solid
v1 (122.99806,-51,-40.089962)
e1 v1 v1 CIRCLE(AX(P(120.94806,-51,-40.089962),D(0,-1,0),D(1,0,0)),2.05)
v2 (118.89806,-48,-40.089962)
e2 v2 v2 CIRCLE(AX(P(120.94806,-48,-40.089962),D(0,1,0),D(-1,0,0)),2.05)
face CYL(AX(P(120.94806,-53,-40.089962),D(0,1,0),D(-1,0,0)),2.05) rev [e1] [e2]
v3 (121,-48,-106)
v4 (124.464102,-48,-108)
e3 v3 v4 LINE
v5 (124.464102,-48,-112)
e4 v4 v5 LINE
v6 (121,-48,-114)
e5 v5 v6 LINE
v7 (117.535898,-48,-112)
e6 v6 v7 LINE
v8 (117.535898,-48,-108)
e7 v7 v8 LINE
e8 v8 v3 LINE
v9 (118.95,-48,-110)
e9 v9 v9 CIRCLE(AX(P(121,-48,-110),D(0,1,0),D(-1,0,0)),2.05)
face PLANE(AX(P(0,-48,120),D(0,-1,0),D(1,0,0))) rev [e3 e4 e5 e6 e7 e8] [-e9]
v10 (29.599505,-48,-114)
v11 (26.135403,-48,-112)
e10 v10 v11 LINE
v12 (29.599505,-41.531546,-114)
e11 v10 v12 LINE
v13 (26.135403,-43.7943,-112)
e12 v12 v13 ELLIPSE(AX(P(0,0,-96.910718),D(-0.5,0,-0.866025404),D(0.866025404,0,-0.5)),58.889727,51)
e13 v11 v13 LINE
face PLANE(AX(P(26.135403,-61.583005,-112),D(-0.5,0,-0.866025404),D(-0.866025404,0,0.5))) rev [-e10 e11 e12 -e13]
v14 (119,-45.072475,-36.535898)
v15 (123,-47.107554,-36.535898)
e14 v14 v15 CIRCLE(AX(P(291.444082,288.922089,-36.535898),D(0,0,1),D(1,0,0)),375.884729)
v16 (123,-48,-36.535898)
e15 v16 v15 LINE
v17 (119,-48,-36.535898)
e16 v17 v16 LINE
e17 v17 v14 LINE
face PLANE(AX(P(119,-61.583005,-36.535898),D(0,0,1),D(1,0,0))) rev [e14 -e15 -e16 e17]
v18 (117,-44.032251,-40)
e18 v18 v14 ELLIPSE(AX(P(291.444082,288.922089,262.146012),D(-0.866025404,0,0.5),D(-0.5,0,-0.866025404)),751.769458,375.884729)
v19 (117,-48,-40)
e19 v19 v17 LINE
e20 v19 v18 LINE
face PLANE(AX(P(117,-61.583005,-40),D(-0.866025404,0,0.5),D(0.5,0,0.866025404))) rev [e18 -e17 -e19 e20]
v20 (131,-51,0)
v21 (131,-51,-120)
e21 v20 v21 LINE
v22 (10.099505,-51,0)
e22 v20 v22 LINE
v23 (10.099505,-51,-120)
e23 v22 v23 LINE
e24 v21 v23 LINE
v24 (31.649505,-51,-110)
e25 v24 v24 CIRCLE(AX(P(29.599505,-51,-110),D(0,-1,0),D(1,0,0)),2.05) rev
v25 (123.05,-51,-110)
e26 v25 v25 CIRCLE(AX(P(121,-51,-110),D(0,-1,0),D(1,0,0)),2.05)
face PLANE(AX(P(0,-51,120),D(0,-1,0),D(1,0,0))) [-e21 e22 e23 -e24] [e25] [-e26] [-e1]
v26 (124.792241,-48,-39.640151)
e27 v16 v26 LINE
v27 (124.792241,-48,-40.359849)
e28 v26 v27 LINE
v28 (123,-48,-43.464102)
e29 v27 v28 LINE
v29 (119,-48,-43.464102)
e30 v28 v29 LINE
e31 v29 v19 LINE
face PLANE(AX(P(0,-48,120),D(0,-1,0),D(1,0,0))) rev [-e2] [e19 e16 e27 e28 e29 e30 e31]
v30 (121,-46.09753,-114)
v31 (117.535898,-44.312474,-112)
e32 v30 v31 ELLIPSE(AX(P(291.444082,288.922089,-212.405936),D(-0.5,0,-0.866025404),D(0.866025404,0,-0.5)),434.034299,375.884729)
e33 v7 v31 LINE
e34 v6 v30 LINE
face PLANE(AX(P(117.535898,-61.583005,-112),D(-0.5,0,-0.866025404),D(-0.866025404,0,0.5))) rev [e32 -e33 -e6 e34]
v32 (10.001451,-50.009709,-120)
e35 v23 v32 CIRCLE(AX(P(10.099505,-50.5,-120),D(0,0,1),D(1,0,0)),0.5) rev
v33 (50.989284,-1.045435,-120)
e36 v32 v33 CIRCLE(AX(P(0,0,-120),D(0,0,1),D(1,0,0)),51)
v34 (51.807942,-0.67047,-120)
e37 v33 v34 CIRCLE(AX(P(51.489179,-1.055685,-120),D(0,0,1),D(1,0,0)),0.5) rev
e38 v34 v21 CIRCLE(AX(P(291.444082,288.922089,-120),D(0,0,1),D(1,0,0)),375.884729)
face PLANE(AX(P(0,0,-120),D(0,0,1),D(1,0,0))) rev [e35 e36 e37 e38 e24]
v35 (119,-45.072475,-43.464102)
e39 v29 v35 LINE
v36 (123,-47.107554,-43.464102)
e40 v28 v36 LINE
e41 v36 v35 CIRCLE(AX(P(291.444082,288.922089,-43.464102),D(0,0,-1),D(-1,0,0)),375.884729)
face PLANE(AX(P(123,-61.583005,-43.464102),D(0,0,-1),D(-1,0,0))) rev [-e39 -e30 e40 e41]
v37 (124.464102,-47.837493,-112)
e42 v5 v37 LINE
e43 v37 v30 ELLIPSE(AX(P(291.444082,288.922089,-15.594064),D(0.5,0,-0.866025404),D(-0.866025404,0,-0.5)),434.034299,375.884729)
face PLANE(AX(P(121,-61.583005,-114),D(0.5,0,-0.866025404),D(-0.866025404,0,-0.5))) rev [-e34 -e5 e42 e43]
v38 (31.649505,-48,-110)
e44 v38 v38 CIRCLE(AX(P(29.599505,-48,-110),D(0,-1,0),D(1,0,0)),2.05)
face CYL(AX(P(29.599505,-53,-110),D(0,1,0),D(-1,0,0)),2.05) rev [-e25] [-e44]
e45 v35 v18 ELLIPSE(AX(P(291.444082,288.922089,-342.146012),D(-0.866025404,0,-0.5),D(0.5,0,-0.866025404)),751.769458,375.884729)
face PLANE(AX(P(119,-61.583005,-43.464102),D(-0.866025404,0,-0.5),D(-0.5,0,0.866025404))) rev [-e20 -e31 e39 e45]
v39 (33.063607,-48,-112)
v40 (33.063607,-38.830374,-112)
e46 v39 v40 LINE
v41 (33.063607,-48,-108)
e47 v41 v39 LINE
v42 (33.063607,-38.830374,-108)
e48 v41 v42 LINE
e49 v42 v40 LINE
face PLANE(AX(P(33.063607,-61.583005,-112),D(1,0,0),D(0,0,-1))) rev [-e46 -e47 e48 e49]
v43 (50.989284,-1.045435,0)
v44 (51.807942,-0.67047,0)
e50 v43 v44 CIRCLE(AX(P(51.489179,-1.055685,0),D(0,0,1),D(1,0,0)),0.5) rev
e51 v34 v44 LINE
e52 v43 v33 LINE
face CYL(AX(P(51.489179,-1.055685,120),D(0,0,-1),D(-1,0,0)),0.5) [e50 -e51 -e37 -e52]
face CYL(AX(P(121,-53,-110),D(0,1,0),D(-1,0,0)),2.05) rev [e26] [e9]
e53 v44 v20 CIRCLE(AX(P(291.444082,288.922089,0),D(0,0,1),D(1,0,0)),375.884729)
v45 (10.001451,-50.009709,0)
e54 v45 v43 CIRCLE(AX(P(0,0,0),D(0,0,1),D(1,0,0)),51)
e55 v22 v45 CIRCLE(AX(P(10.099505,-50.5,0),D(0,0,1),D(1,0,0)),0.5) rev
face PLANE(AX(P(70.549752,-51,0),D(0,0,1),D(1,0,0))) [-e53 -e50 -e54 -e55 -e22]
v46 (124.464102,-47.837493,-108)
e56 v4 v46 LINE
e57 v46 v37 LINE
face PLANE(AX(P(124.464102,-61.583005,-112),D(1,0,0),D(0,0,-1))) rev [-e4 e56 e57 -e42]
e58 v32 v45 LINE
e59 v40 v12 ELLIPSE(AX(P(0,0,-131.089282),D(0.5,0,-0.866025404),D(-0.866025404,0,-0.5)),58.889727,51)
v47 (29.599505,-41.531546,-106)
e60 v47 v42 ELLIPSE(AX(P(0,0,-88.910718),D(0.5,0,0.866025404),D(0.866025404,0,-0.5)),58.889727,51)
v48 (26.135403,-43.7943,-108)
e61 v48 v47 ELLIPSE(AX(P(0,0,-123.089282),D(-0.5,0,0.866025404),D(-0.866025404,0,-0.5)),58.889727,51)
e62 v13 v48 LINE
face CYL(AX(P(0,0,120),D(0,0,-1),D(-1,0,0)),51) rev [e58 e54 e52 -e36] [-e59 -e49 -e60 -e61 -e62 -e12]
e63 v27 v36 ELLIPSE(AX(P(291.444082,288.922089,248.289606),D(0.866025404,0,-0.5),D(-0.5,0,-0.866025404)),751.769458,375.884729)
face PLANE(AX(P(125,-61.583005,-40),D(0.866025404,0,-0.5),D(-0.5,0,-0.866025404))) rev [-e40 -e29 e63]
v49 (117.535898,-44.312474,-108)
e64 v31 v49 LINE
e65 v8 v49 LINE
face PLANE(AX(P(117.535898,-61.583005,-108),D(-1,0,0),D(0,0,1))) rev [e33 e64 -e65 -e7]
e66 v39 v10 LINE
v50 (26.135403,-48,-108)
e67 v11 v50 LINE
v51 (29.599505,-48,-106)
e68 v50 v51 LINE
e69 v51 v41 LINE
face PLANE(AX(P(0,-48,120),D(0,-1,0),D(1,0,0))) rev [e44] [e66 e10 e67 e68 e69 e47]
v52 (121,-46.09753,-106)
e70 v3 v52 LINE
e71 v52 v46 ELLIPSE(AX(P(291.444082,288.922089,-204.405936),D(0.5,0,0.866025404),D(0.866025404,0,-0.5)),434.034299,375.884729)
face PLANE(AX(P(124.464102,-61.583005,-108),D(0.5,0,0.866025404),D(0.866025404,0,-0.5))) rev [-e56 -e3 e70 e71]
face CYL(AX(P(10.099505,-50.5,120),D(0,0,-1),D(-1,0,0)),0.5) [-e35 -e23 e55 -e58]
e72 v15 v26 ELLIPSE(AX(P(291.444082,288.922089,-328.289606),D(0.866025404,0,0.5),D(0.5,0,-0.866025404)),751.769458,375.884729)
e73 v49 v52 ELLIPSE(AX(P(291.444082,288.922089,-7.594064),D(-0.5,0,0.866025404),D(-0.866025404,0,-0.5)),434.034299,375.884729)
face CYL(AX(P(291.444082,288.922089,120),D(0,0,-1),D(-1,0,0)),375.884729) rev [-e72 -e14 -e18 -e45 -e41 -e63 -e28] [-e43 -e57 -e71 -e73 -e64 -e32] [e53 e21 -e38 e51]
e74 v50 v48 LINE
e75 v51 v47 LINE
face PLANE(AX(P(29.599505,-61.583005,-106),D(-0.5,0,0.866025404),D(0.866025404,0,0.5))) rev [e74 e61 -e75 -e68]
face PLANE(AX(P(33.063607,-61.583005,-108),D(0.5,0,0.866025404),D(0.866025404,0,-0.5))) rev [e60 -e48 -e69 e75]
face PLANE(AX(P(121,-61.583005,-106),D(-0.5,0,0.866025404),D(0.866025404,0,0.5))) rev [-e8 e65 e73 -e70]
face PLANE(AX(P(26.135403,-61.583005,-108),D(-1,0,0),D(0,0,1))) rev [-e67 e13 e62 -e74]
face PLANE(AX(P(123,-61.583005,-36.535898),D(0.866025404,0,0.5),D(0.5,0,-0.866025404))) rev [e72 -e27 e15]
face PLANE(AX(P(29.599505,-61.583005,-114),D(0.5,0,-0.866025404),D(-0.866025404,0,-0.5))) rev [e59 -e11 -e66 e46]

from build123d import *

# Parameters (mm, degrees)
EXTRUDE_1_DEPTH     = 120
FILLET_1_R          = 0.5
CUT_EXTRUDE_1_DEPTH = 48
SKETCH_5_R          = 2.0500000000000123
SKETCH_5_R_2        = 2.0500000000000056
SKETCH_5_R_3        = 2.0499999999999923
CUT_EXTRUDE_2_DEPTH = 5
SKETCH_6_R          = 70.99685128536404
CUT_EXTRUDE_3_DEPTH = 185.82965146426048


with BuildPart() as part:
    # 草图3 → 凸台-拉伸1 (new, symmetric)
    with BuildSketch(Plane.XY):
        with BuildLine():
            Line((131, -50.99999999999999), (6.25e-15, -51))
            ThreePointArc((6.25e-15, -51), (36.062445840513924, -36.062445840513924), (51, 0))
            ThreePointArc((51, 0), (89.3844868048509, -28.034138345331712), (131, -50.99999999999999))
        make_face()
    extrude(amount=EXTRUDE_1_DEPTH, both=True)

    # 圆角1
    fillet_1_edges = [part.edges().sort_by_distance(p)[0] for p in [
        (50.99999999999999, -2.664e-14, 0),
        (6.25e-15, -51, 0),
    ]]
    fillet(fillet_1_edges, radius=FILLET_1_R)

    # 草图4 → 切除-拉伸1 (cut)
    with BuildSketch(Plane(origin=(0, 0, 0), x_dir=(1, 0, 0), z_dir=(0, 1, 0))):
        Polygon((124.4641016151378, -112), (124.4641016151378, -108), (121.00000000000006, -106.00000000000001), (117.5358983848623, -108), (117.5358983848623, -112), (121.00000000000004, -113.99999999999999), align=None)
        Polygon((29.599504938362088, -106.00000000000001), (26.135403323224345, -108.00000000000001), (26.135403323224345, -112), (29.599504938362088, -113.99999999999999), (33.06360655349983, -112), (33.06360655349983, -108.00000000000001), align=None)
        Polygon((33.06360655349983, 108.00000000000001), (29.599504938362088, 106.00000000000001), (26.135403323224345, 108.00000000000001), (26.135403323224345, 112), (29.599504938362088, 113.99999999999999), (33.06360655349983, 112), align=None)
        Polygon((121.00000000000004, 113.99999999999999), (124.4641016151378, 112), (124.4641016151378, 108), (121.00000000000006, 106.00000000000001), (117.5358983848623, 108), (117.5358983848623, 112), align=None)
        Polygon((123.00000000000004, -36.53589838486225), (119.00000000000006, -36.53589838486225), (117.00000000000004, -39.99999999999999), (119.00000000000004, -43.46410161513774), (123.00000000000003, -43.46410161513774), (125.00000000000006, -39.99999999999999), align=None)
        Polygon((125.00000000000003, 40.00000000000008), (123.00000000000001, 43.464101615137785), (119.00000000000001, 43.464101615137785), (116.99999999999999, 40), (118.99999999999997, 36.535898384862286), (123.00000000000006, 36.535898384862286), align=None)
    extrude(amount=-CUT_EXTRUDE_1_DEPTH, mode=Mode.SUBTRACT)

    # 草图5 → 切除-拉伸2 (cut)
    with BuildSketch(Plane(origin=(2.54e-15, -47.99999999999999, 0), x_dir=(1, 5e-17, 0), z_dir=(-5e-17, 1, 0))):
        with Locations(Location((29.599504938362074, -110.00000000000001, 0), (0, 0, 180))):
            Circle(SKETCH_5_R)
        with Locations((29.599504938362074, 110.00000000000001)):
            Circle(SKETCH_5_R)
        with Locations(Location((121, 110.00000000000001, 0), (0, 0, 180))):
            Circle(SKETCH_5_R_2)
        with Locations((121.00000000000006, -110)):
            Circle(SKETCH_5_R_2)
        with Locations(Location((120.94806034143625, 40.089962127560234, 0), (0, 0, 180))):
            Circle(SKETCH_5_R_3)
        with Locations(Location((121.00000000000006, -40, 0), (0, 0, 180))):
            Circle(SKETCH_5_R_3)
    extrude(amount=-CUT_EXTRUDE_2_DEPTH, mode=Mode.SUBTRACT)

    # 草图6 → 切除-拉伸3 (cut, through all)
    with BuildSketch(Plane.XY):
        with Locations((70.54975246918104, -50.99999999999999)):
            Circle(SKETCH_6_R)
    extrude(amount=CUT_EXTRUDE_3_DEPTH, mode=Mode.SUBTRACT)


solid = part.part
